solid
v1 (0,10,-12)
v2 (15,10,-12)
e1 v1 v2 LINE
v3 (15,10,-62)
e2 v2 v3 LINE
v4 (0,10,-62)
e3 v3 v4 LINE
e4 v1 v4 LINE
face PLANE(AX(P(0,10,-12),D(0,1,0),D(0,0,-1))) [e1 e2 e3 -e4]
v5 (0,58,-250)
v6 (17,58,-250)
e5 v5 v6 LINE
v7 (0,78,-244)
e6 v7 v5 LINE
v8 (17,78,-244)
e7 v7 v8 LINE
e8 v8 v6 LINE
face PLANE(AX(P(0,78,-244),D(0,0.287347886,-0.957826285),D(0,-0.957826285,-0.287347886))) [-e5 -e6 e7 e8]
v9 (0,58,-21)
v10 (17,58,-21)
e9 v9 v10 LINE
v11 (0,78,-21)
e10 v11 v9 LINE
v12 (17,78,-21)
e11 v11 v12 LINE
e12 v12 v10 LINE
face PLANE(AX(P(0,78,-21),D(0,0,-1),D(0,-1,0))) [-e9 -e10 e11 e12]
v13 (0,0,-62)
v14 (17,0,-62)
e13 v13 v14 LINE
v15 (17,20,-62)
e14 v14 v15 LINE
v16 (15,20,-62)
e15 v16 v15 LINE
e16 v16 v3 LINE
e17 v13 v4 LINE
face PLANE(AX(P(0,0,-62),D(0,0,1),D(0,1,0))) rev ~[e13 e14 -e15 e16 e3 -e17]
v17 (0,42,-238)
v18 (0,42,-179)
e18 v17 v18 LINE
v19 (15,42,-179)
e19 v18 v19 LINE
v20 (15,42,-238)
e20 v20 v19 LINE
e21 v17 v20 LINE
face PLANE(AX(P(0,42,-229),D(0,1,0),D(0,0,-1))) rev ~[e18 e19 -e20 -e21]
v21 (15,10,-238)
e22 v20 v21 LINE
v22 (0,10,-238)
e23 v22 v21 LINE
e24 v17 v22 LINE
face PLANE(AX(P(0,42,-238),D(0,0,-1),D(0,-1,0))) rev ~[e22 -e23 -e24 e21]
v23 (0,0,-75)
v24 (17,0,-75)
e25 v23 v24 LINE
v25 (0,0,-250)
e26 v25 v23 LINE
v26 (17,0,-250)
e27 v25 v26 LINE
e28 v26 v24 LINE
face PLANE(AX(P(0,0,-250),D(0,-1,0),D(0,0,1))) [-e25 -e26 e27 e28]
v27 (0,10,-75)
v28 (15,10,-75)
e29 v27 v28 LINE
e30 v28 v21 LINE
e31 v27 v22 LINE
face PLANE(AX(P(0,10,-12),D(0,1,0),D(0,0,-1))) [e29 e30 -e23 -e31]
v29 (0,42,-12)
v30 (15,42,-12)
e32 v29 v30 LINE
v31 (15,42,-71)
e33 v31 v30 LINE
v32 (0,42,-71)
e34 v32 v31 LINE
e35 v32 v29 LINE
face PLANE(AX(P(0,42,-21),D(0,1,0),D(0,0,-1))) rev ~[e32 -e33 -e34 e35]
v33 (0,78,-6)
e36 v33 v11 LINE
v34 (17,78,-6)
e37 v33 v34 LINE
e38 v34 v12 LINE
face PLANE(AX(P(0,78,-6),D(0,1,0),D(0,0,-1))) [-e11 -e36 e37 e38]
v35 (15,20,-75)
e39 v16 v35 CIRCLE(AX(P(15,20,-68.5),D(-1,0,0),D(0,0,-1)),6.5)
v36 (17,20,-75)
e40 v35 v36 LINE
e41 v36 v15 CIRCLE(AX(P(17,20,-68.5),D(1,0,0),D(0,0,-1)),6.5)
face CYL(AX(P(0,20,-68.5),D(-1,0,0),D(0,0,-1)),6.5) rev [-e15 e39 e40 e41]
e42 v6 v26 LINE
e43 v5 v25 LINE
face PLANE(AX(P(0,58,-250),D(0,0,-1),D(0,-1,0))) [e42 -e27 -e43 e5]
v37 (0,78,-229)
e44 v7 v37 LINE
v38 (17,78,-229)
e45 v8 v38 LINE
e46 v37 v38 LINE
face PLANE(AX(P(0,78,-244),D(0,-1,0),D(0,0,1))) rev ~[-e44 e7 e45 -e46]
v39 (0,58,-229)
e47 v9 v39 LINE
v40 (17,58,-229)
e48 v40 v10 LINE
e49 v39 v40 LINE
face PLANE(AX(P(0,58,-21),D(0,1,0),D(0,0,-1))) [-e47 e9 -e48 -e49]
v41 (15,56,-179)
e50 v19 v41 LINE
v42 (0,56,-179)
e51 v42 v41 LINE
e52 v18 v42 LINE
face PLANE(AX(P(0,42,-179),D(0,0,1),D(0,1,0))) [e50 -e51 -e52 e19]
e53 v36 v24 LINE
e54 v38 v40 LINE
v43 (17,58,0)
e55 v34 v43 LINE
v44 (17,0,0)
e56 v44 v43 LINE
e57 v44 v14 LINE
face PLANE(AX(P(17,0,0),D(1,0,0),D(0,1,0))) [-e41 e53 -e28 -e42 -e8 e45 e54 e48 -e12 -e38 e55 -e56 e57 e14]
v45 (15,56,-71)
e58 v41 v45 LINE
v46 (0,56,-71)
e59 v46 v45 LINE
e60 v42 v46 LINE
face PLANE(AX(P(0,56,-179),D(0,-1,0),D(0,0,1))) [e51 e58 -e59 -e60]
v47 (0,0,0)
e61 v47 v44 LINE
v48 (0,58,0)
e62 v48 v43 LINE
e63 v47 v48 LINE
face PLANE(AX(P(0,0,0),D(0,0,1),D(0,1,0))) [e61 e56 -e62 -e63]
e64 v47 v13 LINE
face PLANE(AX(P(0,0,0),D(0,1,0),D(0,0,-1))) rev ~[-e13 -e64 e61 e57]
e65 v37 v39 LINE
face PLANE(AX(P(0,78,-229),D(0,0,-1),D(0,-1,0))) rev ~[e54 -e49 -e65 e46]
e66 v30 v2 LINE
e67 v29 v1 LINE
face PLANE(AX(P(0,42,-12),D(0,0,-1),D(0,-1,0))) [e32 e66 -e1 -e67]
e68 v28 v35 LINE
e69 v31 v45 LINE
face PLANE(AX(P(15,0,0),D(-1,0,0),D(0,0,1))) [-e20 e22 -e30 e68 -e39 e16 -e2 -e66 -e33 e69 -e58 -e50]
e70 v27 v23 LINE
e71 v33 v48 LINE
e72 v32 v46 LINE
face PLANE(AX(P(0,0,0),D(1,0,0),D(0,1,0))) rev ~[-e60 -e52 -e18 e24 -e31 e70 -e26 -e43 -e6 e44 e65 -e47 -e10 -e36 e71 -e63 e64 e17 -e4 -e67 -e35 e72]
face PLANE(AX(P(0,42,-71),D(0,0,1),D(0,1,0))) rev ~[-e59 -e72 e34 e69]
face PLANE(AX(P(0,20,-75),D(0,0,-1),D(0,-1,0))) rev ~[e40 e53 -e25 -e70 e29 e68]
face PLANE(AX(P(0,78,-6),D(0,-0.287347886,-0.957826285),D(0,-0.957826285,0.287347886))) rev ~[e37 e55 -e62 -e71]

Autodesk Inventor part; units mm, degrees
ref_plane "YZ Plane" through (0, 0, 0) normal (1, 0, 0) x (0, 1, 0)
ref_plane "XZ Plane" through (0, 0, 0) normal (0, 1, 0) x (-1, 0, 0)
ref_plane "XY Plane" through (0, 0, 0) normal (0, 0, 1) x (1, 0, 0)
sketch "Sketch1" plane through (0, 0, 0) normal (1, 0, 0) x (0, 1, 0)
  line L0 (0, 0) -> (58, 0)
  line L1 (58, -250) -> (0, -250)
  line L2 (78, -6) -> (78, -21)
  line L3 (78, -21) -> (58, -21)
  line L4 (58, -21) -> (58, -125)
  line L5 (78, -21) -> (78, -6)
  line L6 (78, -21) -> (78, -6)
  line L7 (78, -229) -> (58, -229)
  line L8 (58, -229) -> (58, -125)
  line L9 (78, -244) -> (58, -250)
  line L10 (78, -244) -> (78, -229)
  line L11 (0, 0) -> (0, -62)
  line L12 (0, -62) -> (20, -62)
  line L13 (20, -75) -> (0, -75)
  arc A0 (20, -75) -> (20, -62) centre (20, -68.5) ccw
  line L14 (78, -6) -> (78, -21)
  line L15 (78, -229) -> (78, -244)
  line L16 (0, -250) -> (0, -75)
  line L17 (0, -62) -> (0, 0)
  line L18 (58, 0) -> (0, 0)
  line L19 (0, 0) -> (0, -62)
  line L20 (0, -62) -> (20, -62)
  arc A1 (20, -75) -> (20, -62) centre (20, -68.5) ccw
  line L21 (20, -75) -> (0, -75)
  line L22 (0, -75) -> (0, -250)
  line L23 (0, -250) -> (58, -250)
  line L24 (58, 0) -> (0, 0)
  line L25 (78, -6) -> (58, 0)
  dimension "d8" = 62
  dimension "d10" = 13
  dimension "d21" = 15
  dimension "d22" = 15
extrude "Extrusion2" add sketch "Sketch1" along normal blind 17
sketch "Sketch2" plane through (0, 0, 0) normal (-1, 0, 0) x (0, 0, 1)
  line L0 (-75, 0) -> (-250, 0) projected
  line L1 (-229, 42) -> (-238, 42)
  line L2 (-238, 42) -> (-238, 10)
  line L3 (-75, 0) -> (-250, 0) projected
  line L4 (-229, 42) -> (-179, 42)
  line L5 (-179, 42) -> (-179, 56)
  line L6 (-238, 10) -> (-125, 10)
  line L7 (-21, 42) -> (-12, 42)
  line L8 (-12, 42) -> (-12, 10)
  line L9 (-21, 42) -> (-71, 42)
  line L10 (-71, 42) -> (-71, 56)
  line L11 (-12, 10) -> (-125, 10)
  line L12 (-179, 56) -> (-71, 56)
  point P0 (-229, 58)
  dimension "d14" = 16
  dimension "d15" = 9
  dimension "d23" = 32
extrude "Extrusion3" cut sketch "Sketch2" against normal blind 15
properties part number "Right Side" material "Steel"
